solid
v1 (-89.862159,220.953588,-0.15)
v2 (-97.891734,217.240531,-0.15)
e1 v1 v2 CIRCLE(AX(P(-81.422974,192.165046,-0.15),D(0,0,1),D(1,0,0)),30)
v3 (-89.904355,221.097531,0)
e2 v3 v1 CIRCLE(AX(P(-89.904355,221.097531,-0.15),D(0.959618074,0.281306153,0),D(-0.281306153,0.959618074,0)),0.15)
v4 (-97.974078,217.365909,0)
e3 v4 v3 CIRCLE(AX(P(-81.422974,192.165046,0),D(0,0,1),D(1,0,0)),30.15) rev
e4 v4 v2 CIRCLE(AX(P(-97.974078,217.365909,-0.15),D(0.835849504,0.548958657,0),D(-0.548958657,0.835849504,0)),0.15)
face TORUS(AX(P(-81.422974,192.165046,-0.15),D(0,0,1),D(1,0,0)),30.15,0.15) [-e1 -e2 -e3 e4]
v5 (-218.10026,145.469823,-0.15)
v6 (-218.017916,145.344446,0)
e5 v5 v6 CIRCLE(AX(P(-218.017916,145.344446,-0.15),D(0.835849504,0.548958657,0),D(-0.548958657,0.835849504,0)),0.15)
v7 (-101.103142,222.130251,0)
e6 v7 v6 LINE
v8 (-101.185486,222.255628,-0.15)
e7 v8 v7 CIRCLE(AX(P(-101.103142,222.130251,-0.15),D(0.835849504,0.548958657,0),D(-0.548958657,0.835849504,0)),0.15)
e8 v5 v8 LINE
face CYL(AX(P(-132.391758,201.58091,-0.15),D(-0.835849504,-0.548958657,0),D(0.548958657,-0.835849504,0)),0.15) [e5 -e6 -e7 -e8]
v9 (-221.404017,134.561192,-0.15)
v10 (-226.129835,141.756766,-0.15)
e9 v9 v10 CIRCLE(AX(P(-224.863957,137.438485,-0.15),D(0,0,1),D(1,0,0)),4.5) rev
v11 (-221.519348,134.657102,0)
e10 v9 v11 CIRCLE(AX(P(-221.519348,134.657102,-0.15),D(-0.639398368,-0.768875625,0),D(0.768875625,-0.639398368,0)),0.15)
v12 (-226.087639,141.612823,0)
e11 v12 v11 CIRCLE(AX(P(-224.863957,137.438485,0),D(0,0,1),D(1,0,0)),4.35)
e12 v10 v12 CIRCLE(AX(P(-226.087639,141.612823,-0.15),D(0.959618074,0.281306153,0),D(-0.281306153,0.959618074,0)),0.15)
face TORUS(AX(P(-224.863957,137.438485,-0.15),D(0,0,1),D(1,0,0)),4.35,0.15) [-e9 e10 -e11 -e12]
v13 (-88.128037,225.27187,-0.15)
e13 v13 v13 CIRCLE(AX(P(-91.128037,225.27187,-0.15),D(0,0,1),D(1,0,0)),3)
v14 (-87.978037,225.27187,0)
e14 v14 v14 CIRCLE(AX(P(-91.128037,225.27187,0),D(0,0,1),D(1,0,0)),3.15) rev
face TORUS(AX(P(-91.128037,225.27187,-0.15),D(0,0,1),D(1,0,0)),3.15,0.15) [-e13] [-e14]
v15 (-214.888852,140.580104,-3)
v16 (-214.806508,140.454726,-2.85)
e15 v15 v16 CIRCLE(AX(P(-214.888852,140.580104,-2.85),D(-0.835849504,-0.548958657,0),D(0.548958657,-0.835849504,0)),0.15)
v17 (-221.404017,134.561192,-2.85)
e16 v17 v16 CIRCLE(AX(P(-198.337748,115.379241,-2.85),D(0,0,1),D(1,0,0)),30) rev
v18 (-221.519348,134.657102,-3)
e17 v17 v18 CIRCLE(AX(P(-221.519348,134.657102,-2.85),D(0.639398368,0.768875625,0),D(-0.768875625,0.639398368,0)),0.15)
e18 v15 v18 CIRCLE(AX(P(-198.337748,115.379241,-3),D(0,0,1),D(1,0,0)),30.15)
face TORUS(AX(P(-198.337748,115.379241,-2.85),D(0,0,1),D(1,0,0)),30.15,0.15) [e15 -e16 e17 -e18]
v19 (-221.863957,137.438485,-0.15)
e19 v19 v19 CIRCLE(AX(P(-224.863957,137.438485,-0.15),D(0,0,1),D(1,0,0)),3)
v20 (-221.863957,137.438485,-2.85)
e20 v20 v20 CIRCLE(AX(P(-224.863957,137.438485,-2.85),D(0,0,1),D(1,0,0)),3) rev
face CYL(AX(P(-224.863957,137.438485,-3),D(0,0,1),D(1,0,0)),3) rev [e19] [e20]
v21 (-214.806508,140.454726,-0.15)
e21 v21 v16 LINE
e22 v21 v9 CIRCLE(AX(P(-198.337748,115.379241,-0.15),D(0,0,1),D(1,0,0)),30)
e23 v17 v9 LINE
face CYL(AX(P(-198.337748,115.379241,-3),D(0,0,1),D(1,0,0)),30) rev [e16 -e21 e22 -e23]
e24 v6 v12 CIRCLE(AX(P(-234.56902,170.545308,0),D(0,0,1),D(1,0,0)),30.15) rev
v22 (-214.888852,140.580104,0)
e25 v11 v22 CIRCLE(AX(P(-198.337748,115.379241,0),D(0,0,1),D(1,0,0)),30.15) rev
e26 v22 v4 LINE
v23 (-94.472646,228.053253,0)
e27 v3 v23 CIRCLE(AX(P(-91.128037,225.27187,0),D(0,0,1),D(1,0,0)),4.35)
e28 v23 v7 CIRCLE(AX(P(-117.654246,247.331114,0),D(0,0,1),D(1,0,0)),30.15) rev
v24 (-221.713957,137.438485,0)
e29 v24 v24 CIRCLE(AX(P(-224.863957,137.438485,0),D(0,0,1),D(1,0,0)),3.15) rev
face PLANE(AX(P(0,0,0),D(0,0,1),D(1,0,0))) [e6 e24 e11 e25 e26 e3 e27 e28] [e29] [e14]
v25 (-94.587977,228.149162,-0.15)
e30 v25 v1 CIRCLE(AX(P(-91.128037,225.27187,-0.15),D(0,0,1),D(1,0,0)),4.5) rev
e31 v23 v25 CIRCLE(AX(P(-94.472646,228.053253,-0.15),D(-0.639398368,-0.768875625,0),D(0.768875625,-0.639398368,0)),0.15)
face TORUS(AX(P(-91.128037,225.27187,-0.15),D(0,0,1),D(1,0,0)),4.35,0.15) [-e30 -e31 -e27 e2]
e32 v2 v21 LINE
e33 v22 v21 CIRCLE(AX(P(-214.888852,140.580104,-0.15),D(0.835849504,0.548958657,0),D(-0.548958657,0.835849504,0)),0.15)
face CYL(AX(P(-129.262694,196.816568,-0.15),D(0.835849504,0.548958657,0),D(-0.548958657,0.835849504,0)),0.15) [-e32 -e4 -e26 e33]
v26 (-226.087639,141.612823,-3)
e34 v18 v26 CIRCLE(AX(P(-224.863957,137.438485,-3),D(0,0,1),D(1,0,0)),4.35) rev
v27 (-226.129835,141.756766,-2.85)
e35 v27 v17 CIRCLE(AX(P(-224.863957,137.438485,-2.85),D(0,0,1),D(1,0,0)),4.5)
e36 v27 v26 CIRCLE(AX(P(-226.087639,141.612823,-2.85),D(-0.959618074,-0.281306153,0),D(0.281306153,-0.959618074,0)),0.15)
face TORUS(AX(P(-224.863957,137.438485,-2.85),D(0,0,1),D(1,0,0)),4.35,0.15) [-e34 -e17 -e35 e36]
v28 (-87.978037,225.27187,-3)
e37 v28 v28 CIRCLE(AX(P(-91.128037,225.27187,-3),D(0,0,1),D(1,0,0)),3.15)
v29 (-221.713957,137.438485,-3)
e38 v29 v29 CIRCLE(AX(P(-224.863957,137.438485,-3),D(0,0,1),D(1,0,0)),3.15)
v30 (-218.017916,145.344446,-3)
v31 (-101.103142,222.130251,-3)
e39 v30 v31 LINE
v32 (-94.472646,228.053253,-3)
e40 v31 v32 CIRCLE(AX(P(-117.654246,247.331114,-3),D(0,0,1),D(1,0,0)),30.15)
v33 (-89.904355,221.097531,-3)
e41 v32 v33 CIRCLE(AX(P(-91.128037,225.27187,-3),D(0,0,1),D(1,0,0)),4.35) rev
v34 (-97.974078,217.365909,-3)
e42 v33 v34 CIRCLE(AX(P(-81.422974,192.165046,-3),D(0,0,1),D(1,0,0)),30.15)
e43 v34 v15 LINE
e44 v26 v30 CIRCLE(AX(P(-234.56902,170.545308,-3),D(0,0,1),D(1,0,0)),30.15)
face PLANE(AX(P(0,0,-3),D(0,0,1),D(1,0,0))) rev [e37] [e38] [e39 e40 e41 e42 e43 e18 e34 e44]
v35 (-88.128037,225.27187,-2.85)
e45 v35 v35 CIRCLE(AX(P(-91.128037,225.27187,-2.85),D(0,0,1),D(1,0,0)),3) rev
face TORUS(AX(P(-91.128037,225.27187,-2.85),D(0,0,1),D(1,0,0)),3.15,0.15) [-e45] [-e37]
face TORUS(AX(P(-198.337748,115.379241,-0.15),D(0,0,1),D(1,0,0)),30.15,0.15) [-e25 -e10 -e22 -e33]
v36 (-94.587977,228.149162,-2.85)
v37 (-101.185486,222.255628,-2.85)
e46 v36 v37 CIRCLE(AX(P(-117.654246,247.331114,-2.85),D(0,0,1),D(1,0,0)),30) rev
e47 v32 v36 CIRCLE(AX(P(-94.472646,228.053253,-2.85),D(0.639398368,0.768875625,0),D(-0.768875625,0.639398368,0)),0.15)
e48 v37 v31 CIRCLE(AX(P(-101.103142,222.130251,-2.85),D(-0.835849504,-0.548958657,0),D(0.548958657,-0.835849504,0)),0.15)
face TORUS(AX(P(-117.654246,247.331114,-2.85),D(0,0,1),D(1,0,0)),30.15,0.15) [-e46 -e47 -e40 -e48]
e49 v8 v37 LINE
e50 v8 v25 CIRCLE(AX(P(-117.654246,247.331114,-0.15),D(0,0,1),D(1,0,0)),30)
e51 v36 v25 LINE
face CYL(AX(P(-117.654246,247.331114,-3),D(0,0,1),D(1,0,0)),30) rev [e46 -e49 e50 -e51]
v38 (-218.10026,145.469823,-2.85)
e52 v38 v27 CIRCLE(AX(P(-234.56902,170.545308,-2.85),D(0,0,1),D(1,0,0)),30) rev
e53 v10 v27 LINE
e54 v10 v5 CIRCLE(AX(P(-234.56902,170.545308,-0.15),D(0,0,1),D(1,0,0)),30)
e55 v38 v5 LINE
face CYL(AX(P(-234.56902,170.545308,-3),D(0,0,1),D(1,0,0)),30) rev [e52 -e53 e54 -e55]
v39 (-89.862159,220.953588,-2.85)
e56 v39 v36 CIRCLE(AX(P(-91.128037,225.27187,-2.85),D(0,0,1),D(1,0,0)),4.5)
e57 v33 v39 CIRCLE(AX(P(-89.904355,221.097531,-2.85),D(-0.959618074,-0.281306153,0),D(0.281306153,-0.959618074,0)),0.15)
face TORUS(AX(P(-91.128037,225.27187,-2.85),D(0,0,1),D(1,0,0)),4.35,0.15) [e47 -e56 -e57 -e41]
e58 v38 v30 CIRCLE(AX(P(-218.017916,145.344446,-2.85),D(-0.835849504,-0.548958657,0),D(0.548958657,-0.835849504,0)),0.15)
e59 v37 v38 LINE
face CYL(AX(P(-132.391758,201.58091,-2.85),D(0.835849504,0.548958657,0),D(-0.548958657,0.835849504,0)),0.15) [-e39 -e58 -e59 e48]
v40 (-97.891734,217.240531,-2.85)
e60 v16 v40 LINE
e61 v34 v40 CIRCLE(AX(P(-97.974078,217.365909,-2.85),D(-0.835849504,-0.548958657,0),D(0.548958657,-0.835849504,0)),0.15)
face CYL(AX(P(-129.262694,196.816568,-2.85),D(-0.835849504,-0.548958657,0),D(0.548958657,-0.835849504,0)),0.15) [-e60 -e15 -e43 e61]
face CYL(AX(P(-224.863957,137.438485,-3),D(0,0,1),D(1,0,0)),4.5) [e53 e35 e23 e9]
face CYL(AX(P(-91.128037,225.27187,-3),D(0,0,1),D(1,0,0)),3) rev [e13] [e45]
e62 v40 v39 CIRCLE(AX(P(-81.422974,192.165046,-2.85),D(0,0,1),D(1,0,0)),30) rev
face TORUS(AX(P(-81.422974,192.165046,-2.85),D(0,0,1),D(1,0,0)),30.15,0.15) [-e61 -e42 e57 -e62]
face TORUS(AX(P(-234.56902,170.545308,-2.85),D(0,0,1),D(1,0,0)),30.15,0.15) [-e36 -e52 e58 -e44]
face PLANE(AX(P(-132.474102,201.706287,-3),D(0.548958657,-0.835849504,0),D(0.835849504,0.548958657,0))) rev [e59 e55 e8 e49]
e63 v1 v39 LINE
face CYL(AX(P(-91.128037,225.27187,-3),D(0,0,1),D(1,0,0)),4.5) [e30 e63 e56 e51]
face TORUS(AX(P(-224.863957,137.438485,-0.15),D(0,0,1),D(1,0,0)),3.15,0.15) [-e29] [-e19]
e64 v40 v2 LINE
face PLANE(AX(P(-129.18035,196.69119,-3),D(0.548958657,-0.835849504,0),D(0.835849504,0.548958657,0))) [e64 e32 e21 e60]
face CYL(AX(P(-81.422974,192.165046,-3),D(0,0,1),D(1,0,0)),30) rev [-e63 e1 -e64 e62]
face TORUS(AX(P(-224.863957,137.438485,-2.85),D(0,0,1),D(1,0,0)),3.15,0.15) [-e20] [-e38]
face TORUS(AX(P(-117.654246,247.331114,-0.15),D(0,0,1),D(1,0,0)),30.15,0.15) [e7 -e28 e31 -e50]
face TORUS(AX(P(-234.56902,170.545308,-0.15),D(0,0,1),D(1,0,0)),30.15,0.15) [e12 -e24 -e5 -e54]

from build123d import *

# Parameters (mm, degrees)
BOSS_EXTRUDE1_DEPTH = 3
FILLET1_R           = 30
FILLET2_R           = 0.15


with BuildPart() as part:
    # Sketch1 → Boss-Extrude1 (new body)
    with BuildSketch(Plane.XY):
        with BuildLine():
            ThreePointArc((-86.628036754, 225.271869825), (-90.793972357, 229.759452802), (-95.578437189, 225.938155026))
            Line((-95.578437189, 225.938155026), (-92.774912725, 227.779418336))
            ThreePointArc((-92.774912725, 227.779418336), (-88.620488243, 226.918745795), (-89.481160784, 222.764321313))
            Line((-89.481160784, 222.764321313), (-92.284685248, 220.923058003))
            ThreePointArc((-92.284685248, 220.923058003), (-88.38531167, 221.704313363), (-86.628036754, 225.271869825))
        make_face()
        with BuildLine():
            Line((-92.774912725, 227.779418336), (-95.578437189, 225.938155026))
            ThreePointArc((-95.578437189, 225.938155026), (-94.889359522, 222.801555869), (-92.284685248, 220.923058003))
            Line((-92.284685248, 220.923058003), (-89.481160784, 222.764321313))
            ThreePointArc((-89.481160784, 222.764321313), (-93.635585266, 223.624993854), (-92.774912725, 227.779418336))
        make_face()
        with BuildLine():
            ThreePointArc((-223.217081393, 134.93093621), (-227.371505875, 135.79160875), (-226.510833335, 139.946033232))
            Line((-226.510833335, 139.946033232), (-223.70730887, 141.787296543))
            ThreePointArc((-223.70730887, 141.787296543), (-228.625280131, 134.968170765), (-220.413556929, 136.77219952))
            Line((-220.413556929, 136.77219952), (-223.217081393, 134.93093621))
        make_face()
        with BuildLine():
            Line((-223.70730887, 141.787296543), (-226.510833335, 139.946033232))
            ThreePointArc((-226.510833335, 139.946033232), (-222.356408852, 139.085360692), (-223.217081393, 134.93093621))
            Line((-223.217081393, 134.93093621), (-220.413556929, 136.77219952))
            ThreePointArc((-220.413556929, 136.77219952), (-220.376374386, 137.104420324), (-220.363957364, 137.438484721))
            ThreePointArc((-220.363957364, 137.438484721), (-221.296400902, 140.181209806), (-223.70730887, 141.787296543))
        make_face()
        with BuildLine():
            Line((-95.578437189, 225.938155026), (-223.70730887, 141.787296543))
            ThreePointArc((-223.70730887, 141.787296543), (-221.296400902, 140.181209806), (-220.363957364, 137.438484721))
            ThreePointArc((-220.363957364, 137.438484721), (-220.376374386, 137.104420324), (-220.413556929, 136.77219952))
            Line((-220.413556929, 136.77219952), (-92.284685248, 220.923058003))
            ThreePointArc((-92.284685248, 220.923058003), (-94.889359522, 222.801555869), (-95.578437189, 225.938155026))
        make_face()
    extrude(amount=-BOSS_EXTRUDE1_DEPTH)

    # Fillet1
    fillet1_edges = [part.edges().sort_by_distance(p)[0] for p in [
        (-95.578437189, 225.938155026, -1.5),
        (-92.284685248, 220.923058003, -1.5),
        (-220.413556929, 136.77219952, -1.5),
        (-223.70730887, 141.787296543, -1.5),
    ]]
    fillet(fillet1_edges, radius=FILLET1_R)

    # Fillet2
    fillet2_edges = [part.edges().sort_by_distance(p)[0] for p in [
        (-228.625280131, 134.968170765, 0),
        (-228.625280131, 134.968170765, -3),
        (-156.349121088, 178.847628761, 0),
        (-156.349121088, 178.847628761, -3),
        (-89.481160784, 222.764321313, -3),
        (-87.366713987, 227.742183781, 0),
        (-87.366713987, 227.742183781, -3),
        (-159.64287303, 183.862725784, 0),
        (-159.64287303, 183.862725784, -3),
        (-218.323694728, 137.752482748, 0),
        (-218.323694728, 137.752482748, -3),
        (-94.01456375, 219.394660282, 0),
        (-226.510833335, 139.946033232, -3),
        (-94.01456375, 219.394660282, -3),
        (-221.977430368, 143.315694264, 0),
        (-221.977430368, 143.315694264, -3),
        (-97.66829939, 224.957871798, 0),
        (-97.66829939, 224.957871798, -3),
        (-226.510833335, 139.946033232, 0),
        (-89.481160784, 222.764321313, 0),
    ]]
    fillet(fillet2_edges, radius=FILLET2_R)


solid = part.part
